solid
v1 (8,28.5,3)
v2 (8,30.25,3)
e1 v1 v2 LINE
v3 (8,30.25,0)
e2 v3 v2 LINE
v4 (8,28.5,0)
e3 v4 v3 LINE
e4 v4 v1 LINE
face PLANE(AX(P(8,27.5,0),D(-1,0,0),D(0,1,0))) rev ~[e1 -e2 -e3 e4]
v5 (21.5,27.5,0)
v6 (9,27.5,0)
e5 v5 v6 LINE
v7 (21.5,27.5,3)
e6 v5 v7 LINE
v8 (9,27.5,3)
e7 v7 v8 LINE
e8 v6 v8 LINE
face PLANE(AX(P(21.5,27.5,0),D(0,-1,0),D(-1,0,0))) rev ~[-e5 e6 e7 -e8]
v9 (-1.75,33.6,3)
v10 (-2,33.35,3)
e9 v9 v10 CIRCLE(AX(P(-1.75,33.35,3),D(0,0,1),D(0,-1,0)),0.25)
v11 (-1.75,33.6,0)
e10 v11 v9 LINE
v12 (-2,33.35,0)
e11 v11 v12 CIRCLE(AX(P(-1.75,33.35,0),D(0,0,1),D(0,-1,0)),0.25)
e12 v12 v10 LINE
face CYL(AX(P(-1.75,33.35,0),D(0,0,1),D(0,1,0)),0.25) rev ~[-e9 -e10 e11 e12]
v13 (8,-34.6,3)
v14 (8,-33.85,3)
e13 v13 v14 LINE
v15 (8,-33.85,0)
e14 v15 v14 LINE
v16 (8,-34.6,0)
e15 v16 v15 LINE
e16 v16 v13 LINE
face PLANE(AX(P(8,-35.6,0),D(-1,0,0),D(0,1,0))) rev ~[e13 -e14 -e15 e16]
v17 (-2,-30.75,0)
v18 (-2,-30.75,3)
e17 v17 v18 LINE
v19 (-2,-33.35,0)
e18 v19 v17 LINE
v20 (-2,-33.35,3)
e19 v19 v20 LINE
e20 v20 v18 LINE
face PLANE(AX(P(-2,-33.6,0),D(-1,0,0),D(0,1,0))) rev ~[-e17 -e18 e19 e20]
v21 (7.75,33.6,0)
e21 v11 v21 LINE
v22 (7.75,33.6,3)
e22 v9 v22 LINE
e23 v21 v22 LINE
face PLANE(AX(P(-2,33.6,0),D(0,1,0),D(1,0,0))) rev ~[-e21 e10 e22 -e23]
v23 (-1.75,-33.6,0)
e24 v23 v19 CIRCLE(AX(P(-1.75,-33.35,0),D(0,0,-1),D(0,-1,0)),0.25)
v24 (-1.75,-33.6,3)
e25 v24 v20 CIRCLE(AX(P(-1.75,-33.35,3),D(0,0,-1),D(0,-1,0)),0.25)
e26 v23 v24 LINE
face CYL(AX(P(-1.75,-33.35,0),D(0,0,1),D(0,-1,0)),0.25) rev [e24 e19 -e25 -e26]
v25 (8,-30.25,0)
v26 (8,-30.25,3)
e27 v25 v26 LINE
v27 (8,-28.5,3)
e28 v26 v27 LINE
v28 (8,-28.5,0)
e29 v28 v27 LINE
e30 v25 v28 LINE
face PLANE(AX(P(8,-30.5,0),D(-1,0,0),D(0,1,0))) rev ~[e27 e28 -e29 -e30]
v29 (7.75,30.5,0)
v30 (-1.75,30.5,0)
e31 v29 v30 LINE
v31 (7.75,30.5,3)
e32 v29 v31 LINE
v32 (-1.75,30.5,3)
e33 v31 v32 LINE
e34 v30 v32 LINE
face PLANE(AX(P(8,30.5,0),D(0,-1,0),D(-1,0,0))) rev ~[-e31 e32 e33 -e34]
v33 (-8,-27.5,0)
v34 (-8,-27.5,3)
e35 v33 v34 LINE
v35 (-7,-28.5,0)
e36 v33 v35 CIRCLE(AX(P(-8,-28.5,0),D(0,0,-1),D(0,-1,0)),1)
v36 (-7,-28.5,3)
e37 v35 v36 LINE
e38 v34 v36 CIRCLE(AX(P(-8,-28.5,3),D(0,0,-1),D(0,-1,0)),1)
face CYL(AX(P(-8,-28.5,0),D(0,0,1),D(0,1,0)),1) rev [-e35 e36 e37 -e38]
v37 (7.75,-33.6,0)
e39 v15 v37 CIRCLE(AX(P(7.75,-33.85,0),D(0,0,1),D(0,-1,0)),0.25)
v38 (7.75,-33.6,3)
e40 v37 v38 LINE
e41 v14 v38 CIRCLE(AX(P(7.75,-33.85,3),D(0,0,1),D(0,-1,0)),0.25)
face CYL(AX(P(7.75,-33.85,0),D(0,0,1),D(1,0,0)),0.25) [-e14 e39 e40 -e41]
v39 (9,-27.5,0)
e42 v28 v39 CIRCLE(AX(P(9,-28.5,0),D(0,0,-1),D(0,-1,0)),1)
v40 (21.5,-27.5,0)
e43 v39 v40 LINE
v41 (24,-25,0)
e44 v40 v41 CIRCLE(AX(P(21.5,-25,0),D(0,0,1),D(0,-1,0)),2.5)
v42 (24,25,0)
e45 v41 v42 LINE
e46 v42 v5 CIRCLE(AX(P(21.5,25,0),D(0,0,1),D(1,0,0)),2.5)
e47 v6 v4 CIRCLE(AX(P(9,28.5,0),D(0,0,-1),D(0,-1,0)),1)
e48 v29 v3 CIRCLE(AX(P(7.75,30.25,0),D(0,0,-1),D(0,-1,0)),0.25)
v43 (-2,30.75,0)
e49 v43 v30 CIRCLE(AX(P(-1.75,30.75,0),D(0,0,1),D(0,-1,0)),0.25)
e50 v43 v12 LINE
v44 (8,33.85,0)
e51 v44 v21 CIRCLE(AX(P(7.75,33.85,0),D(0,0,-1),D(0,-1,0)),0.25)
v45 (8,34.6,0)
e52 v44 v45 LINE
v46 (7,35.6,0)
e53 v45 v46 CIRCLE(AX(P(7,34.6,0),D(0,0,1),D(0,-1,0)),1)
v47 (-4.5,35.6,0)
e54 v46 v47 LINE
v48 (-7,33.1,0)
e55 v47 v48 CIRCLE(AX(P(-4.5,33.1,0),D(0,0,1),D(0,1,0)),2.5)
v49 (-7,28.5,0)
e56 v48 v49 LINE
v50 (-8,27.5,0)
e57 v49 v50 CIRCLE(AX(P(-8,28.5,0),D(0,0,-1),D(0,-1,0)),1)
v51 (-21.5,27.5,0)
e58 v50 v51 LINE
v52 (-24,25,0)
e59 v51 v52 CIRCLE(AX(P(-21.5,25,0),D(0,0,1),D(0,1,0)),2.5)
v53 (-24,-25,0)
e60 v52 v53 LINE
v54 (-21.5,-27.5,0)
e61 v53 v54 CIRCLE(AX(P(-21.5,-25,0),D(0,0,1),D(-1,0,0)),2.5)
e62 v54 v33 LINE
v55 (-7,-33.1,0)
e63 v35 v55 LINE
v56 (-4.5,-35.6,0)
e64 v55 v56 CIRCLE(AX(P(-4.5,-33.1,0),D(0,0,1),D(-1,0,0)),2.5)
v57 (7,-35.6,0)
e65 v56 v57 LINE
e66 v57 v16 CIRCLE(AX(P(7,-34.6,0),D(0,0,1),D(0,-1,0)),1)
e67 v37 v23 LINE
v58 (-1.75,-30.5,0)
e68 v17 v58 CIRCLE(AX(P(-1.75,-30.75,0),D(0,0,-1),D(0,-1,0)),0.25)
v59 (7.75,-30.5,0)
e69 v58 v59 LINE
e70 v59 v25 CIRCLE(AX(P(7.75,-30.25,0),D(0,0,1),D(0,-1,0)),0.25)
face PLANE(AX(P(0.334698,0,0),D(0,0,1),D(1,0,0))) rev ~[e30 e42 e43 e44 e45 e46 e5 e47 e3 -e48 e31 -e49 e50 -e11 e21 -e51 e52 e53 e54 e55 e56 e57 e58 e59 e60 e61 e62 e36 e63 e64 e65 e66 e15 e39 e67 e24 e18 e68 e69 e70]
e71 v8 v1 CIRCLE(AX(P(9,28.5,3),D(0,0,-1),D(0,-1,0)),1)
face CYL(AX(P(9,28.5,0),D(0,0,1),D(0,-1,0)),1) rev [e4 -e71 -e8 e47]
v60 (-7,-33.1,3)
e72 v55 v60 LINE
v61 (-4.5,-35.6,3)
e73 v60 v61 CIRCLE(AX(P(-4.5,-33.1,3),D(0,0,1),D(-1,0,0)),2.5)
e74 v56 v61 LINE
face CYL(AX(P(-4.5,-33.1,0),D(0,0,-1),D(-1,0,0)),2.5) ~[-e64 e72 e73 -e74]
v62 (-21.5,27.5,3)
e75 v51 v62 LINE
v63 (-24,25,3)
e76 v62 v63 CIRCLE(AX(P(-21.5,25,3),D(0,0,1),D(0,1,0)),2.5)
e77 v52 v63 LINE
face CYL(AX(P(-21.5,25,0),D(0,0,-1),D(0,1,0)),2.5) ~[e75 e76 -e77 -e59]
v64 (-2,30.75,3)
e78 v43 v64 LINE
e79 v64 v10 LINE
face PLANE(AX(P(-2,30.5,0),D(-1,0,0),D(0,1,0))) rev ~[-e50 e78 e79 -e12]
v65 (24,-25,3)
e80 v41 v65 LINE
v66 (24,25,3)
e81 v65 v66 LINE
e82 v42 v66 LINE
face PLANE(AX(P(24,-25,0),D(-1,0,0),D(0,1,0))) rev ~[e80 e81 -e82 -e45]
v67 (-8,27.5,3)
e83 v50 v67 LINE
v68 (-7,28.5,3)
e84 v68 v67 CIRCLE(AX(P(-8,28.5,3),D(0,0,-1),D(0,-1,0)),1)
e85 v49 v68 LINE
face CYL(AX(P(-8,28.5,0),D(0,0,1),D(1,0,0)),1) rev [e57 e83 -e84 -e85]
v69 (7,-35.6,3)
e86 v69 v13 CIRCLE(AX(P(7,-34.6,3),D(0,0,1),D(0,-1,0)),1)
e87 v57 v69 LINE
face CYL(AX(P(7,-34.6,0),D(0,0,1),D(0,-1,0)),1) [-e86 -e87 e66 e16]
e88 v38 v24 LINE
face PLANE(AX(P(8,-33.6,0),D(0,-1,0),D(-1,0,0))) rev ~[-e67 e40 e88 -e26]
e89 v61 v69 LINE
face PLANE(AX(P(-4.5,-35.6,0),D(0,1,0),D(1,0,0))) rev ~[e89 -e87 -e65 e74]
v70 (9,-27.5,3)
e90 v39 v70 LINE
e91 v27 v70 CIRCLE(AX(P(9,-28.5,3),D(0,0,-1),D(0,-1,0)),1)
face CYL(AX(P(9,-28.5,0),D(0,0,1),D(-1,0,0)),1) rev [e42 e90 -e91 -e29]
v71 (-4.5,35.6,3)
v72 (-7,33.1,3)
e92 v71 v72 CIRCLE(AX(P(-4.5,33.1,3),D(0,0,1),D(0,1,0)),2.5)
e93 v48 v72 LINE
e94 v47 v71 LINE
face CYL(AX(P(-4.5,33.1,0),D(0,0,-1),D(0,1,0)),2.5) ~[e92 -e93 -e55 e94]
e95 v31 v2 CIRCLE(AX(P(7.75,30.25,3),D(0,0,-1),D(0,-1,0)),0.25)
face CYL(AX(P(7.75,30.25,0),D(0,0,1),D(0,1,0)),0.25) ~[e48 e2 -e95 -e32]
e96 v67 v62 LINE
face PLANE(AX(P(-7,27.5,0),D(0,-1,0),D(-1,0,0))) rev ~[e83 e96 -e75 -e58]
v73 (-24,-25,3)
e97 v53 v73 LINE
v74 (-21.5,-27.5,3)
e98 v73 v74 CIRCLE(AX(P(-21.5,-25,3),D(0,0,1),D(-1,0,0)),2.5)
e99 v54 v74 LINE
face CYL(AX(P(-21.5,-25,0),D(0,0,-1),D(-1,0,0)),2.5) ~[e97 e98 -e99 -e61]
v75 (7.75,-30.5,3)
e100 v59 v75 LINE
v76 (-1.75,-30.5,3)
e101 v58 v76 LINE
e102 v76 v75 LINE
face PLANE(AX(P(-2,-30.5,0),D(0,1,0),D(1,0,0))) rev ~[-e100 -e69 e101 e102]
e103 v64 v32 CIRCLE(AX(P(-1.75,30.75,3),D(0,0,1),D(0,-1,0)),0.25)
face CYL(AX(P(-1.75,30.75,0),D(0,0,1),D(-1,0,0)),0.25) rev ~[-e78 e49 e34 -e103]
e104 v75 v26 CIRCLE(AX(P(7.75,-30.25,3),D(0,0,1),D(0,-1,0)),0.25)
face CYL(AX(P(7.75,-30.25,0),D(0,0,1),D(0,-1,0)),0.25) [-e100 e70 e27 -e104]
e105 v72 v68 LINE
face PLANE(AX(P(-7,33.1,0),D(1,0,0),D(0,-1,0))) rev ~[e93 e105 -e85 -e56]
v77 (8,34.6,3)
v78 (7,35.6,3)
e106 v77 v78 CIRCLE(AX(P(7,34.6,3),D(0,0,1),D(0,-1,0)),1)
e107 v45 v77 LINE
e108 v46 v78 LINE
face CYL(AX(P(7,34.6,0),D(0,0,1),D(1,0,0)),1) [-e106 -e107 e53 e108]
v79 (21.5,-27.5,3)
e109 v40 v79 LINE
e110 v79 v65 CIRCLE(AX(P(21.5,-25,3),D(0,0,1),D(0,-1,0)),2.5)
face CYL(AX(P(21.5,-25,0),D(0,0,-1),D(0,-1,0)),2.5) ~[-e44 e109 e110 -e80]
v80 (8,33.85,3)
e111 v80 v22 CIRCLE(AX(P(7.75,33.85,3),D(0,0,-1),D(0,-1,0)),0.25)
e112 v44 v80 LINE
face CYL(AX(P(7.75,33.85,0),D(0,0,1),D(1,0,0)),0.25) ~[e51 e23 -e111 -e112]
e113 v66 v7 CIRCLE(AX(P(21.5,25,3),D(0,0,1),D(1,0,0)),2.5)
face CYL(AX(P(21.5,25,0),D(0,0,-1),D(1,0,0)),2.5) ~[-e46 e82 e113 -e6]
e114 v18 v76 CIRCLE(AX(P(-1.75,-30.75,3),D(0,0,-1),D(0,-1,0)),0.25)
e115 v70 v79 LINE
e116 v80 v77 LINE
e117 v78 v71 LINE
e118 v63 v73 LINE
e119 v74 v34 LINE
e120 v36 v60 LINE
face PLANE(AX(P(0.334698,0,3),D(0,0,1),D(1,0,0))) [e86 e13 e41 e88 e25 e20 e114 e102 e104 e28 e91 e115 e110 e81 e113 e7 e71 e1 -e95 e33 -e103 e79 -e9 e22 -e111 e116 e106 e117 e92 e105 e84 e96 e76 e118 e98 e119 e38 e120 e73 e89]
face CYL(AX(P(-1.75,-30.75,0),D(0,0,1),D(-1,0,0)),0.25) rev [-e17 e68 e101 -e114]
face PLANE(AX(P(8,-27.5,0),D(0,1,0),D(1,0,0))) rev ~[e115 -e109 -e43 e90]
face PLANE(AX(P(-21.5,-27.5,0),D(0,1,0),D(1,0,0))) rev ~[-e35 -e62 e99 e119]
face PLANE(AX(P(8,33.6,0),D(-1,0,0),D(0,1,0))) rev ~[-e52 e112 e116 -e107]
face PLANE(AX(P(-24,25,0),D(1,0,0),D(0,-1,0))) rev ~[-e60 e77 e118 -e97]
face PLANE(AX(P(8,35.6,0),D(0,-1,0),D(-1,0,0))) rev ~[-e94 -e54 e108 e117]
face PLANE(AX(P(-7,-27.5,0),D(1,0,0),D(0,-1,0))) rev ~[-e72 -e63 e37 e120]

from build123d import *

# Parameters (mm, degrees)
SALIENTE_EXTRUIR1_DEPTH = 3
REDONDEO1_R             = 1
REDONDEO2_R             = 0.25


with BuildPart() as part:
    # Croquis1 → Saliente-Extruir1 (new body)
    with BuildSketch(Plane.XY):
        with BuildLine():
            Line((-24, 25), (-24, -25))
            ThreePointArc((-24, -25), (-23.267766953, -26.767766953), (-21.5, -27.5))
            Line((-21.5, -27.5), (-7, -27.5))
            Line((-7, -27.5), (-7, -33.1))
            ThreePointArc((-7, -33.1), (-6.267766953, -34.867766953), (-4.5, -35.6))
            Line((-4.5, -35.6), (8, -35.6))
            Line((8, -35.6), (8, -33.6))
            Line((8, -33.6), (-2, -33.6))
            Line((-2, -33.6), (-2, -30.5))
            Line((-2, -30.5), (8, -30.5))
            Line((8, -30.5), (8, -27.5))
            Line((8, -27.5), (21.5, -27.5))
            ThreePointArc((21.5, -27.5), (23.267766953, -26.767766953), (24, -25))
            Line((24, -25), (24, 25))
            ThreePointArc((24, 25), (23.267766953, 26.767766953), (21.5, 27.5))
            Line((21.5, 27.5), (8, 27.5))
            Line((8, 27.5), (8, 30.5))
            Line((8, 30.5), (-2, 30.5))
            Line((-2, 30.5), (-2, 33.6))
            Line((-2, 33.6), (8, 33.6))
            Line((8, 33.6), (8, 35.6))
            Line((8, 35.6), (-4.5, 35.6))
            ThreePointArc((-4.5, 35.6), (-6.267766953, 34.867766953), (-7, 33.1))
            Line((-7, 33.1), (-7, 27.5))
            Line((-7, 27.5), (-21.5, 27.5))
            ThreePointArc((-21.5, 27.5), (-23.267766953, 26.767766953), (-24, 25))
        make_face()
    extrude(amount=SALIENTE_EXTRUIR1_DEPTH)

    # Redondeo1
    redondeo1_edges = [part.edges().sort_by_distance(p)[0] for p in [
        (-7, 27.5, 1.5),
        (8, 35.6, 1.5),
        (8, 27.5, 1.5),
        (8, -27.5, 1.5),
        (8, -35.6, 1.5),
        (-7, -27.5, 1.5),
    ]]
    fillet(redondeo1_edges, radius=REDONDEO1_R)

    # Redondeo2
    redondeo2_edges = [part.edges().sort_by_distance(p)[0] for p in [
        (8, 33.6, 1.5),
        (-2, 33.6, 1.5),
        (-2, 30.5, 1.5),
        (8, 30.5, 1.5),
        (8, -30.5, 1.5),
        (-2, -30.5, 1.5),
        (-2, -33.6, 1.5),
        (8, -33.6, 1.5),
    ]]
    fillet(redondeo2_edges, radius=REDONDEO2_R)


solid = part.part
